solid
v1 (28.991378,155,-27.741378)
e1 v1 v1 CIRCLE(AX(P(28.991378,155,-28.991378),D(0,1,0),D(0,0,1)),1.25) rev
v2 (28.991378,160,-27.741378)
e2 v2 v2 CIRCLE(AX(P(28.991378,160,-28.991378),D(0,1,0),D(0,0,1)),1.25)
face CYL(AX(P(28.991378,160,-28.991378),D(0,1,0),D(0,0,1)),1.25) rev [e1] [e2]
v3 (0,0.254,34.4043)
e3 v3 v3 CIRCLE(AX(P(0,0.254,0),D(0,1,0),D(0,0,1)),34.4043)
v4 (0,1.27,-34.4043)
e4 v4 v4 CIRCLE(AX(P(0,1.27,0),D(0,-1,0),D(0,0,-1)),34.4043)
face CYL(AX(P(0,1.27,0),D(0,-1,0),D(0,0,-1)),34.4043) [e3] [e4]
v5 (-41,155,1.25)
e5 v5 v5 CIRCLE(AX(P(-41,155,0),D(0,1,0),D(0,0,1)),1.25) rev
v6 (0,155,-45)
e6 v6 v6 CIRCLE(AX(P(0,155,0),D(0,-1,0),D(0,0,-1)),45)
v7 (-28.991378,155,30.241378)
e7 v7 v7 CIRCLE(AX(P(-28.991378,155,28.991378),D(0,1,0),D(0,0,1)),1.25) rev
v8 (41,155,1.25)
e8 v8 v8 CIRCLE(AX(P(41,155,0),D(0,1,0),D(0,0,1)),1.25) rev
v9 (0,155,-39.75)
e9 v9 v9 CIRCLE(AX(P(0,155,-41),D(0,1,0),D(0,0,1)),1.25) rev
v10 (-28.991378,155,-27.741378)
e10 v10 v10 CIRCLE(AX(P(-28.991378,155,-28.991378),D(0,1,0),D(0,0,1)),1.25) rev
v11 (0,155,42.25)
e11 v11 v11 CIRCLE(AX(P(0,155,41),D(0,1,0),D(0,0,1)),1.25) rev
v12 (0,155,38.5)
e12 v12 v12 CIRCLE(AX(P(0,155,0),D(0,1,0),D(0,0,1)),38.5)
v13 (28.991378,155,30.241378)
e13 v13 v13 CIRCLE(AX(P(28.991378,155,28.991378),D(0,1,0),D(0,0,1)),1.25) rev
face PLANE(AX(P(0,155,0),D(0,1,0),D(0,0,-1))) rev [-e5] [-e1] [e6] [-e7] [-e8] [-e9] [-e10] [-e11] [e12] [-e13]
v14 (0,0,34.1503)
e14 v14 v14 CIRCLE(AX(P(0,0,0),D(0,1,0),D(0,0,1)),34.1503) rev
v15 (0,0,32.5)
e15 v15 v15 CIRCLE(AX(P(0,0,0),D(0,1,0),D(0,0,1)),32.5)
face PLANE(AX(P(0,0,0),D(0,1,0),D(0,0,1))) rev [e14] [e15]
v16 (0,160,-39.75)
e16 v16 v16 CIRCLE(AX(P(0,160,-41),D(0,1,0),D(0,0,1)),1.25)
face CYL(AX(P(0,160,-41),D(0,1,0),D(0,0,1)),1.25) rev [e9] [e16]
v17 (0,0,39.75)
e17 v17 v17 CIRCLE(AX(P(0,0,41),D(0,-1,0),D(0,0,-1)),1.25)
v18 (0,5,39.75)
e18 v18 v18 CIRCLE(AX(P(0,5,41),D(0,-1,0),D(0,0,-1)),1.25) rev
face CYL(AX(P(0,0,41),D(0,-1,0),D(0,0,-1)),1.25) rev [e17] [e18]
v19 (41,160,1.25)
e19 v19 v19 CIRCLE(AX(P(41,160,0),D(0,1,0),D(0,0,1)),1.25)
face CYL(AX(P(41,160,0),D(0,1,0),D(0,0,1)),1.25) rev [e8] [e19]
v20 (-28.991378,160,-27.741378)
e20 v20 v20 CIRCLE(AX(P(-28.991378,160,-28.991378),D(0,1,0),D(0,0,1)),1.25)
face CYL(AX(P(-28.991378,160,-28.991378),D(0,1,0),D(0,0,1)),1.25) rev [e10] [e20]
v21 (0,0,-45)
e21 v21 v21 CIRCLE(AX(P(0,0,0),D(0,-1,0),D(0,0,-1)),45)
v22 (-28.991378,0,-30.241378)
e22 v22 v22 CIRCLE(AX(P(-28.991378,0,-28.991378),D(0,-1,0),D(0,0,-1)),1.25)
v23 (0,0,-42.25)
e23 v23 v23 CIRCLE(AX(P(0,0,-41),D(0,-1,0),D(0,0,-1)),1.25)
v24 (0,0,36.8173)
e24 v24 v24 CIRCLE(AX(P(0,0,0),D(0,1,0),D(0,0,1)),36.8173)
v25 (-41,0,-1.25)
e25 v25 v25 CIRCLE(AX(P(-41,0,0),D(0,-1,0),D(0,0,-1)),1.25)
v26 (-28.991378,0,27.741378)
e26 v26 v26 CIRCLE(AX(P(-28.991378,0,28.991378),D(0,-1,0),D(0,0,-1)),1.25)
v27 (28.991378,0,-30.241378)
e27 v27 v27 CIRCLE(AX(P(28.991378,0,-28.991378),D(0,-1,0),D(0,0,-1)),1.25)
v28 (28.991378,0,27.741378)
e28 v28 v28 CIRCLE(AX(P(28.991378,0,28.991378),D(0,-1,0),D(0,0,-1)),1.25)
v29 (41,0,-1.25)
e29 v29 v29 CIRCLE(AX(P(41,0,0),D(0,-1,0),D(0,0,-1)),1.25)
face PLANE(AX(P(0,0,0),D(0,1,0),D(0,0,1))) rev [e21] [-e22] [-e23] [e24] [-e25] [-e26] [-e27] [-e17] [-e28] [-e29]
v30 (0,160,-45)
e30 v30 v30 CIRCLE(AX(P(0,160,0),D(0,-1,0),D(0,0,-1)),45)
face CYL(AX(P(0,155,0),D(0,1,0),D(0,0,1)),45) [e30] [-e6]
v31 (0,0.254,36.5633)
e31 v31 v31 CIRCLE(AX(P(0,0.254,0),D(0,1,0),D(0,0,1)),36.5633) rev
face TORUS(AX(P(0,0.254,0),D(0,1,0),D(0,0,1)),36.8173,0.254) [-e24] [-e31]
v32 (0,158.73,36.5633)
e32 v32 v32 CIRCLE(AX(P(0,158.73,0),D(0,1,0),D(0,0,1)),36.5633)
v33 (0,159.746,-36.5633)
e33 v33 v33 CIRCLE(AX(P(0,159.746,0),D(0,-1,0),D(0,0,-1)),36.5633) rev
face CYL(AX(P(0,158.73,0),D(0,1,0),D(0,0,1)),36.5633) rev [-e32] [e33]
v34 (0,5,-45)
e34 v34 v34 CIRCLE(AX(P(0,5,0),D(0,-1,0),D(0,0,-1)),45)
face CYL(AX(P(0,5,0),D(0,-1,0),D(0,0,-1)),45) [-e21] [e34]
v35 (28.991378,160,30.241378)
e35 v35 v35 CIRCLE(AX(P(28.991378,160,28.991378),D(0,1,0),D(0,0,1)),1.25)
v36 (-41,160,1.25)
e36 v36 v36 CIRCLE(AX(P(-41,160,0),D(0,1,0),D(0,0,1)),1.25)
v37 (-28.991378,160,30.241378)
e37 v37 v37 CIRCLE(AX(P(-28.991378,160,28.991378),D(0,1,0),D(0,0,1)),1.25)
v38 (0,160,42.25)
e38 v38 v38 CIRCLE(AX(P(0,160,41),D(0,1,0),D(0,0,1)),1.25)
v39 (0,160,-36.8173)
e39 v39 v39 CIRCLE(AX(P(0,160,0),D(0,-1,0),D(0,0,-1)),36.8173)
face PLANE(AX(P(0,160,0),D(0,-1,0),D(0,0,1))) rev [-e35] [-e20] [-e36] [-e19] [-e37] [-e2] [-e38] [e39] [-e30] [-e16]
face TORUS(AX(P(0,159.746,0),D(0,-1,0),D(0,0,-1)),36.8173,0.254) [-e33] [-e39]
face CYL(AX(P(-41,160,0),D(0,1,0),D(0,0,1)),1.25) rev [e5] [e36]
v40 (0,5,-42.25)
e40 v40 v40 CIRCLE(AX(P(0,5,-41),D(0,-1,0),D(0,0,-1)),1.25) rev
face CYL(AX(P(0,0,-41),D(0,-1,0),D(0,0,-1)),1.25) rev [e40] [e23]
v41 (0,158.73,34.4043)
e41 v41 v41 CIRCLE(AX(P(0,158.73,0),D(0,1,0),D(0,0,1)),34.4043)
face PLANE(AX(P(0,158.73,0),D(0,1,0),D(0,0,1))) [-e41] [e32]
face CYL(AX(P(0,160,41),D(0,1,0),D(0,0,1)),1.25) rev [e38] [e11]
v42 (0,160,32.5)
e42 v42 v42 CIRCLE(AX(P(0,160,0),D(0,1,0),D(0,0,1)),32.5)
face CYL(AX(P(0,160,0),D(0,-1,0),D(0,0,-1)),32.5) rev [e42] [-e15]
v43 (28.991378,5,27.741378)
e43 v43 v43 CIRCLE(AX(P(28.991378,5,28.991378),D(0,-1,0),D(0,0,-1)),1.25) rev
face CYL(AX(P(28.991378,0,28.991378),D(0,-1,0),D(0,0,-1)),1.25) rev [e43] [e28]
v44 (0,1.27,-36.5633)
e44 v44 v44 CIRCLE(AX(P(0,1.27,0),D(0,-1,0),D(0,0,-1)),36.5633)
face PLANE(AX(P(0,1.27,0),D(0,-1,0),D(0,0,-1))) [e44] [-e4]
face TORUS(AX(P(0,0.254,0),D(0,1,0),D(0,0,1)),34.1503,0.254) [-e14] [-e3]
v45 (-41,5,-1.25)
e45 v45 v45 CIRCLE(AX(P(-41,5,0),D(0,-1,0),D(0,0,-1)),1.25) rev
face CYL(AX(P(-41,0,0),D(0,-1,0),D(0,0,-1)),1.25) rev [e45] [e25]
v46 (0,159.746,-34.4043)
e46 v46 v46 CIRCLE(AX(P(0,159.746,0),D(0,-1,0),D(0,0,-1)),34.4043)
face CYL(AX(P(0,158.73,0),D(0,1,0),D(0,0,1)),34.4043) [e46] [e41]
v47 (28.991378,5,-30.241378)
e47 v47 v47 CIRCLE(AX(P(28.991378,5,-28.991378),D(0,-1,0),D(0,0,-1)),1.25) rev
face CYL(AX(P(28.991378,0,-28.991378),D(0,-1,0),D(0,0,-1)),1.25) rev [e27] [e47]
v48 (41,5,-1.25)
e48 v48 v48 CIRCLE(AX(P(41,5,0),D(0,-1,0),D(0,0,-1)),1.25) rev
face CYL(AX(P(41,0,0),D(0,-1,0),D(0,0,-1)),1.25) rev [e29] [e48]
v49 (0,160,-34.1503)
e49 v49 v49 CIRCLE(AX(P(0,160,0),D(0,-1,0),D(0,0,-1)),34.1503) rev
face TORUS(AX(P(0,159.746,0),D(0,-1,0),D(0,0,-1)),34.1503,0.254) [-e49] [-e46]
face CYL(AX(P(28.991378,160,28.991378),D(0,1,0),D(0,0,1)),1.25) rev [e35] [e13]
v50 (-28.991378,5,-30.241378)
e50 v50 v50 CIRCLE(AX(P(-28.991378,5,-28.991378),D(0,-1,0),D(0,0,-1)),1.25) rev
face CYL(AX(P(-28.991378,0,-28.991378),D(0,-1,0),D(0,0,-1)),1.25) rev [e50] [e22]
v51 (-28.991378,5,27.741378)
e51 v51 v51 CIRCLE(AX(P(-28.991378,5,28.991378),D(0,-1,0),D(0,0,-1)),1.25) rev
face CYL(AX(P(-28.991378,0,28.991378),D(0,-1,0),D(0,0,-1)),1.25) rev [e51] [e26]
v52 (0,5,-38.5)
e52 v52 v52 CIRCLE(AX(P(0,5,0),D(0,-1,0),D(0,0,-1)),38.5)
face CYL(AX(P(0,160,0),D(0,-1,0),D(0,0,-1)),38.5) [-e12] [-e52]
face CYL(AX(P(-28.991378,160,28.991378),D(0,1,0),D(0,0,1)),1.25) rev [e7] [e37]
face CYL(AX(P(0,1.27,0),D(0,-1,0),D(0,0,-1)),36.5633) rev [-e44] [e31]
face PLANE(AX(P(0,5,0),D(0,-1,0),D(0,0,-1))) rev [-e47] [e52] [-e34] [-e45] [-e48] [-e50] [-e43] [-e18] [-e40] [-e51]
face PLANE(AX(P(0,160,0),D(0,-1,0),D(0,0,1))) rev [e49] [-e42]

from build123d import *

# Parameters (mm, degrees)
SKETCH3_R             = 38.5
SKETCH3_R_2           = 32.5
BOSS_EXTRUDE3_DEPTH   = 160
SKETCH5_R             = 36.7411
SKETCH5_R_2           = 35.6743
SKETCH5_R_3           = 34.6075
CUT_EXTRUDE1_DEPTH    = 1.4224
SKETCH5_4_R           = 45
SKETCH5_4_R_2         = 38.5
BOSS_EXTRUDE5_DEPTH   = 5
SKETCH7_R             = 1.55
CUT_EXTRUDE2_DEPTH    = 5
CUT_EXTRUDE3_START    = -80
SKETCH9_R             = 38.5
SKETCH9_R_2           = 32.5
CUT_EXTRUDE3_DEPTH    = 80
CUT_EXTRUDE6_START    = -1.4224
SKETCH5_7_R           = 36.7411
SKETCH5_7_R_2         = 35.6743
SKETCH5_7_R_3         = 34.6075
CUT_EXTRUDE6_DEPTH    = 1.4224
SKETCH10_R            = 36.7411
SKETCH10_R_2          = 34.6075
BOSS_EXTRUDE6_DEPTH   = 160
SKETCH11_R            = 36.5633
SKETCH11_R_2          = 34.4043
CUT_EXTRUDE7_DEPTH    = 1.27
CUT_EXTRUDE8_START    = -1.27
SKETCH12_R            = 36.5633
SKETCH12_R_2          = 34.4043
CUT_EXTRUDE8_DEPTH    = 1.27
SKETCH15_R            = 45
SKETCH15_R_2          = 36.5633
BOSS_EXTRUDE7_DEPTH   = 5
BOSS_EXTRUDE8_START   = -5
SKETCH16_R            = 45
SKETCH16_R_2          = 36.5633
BOSS_EXTRUDE8_DEPTH   = 5
FILLET1_R             = 0.254
M3_TAPPED_HOLE2_D     = 2.5
M3_TAPPED_HOLE2_DEPTH = 5
M3_TAPPED_HOLE2_TIP   = 0.751075774
M3_TAPPED_HOLE3_D     = 2.5
M3_TAPPED_HOLE3_DEPTH = 5
M3_TAPPED_HOLE3_TIP   = 0.751075774


with BuildPart() as part:
    # Sketch3 → Boss-Extrude3 (new body)
    with BuildSketch(Plane(origin=(0, 0, 0), x_dir=(1, 0, 0), z_dir=(0, 1, 0))):
        with Locations(Location((0, 0, 0), (0, 0, 270))):
            Circle(SKETCH3_R)
        with Locations(Location((0, 0, 0), (0, 0, 270))):
            Circle(SKETCH3_R_2, mode=Mode.SUBTRACT)
    boss_extrude3 = extrude(amount=BOSS_EXTRUDE3_DEPTH)

    # Sketch5 → Cut-Extrude1 (cut)
    # profile 1 of 2: a face of its own
    with BuildSketch(Plane.XZ):
        with Locations(Location((0, 0, 0), (0, 0, 270))):
            Circle(SKETCH5_R)
        Circle(SKETCH5_R_2, mode=Mode.SUBTRACT)
    # profile 2 of 2: a face of its own
    with BuildSketch(Plane.XZ):
        Circle(SKETCH5_R_2)
        with Locations(Location((0, 0, 0), (0, 0, 270))):
            Circle(SKETCH5_R_3, mode=Mode.SUBTRACT)
    cut_extrude1 = extrude(amount=-CUT_EXTRUDE1_DEPTH, mode=Mode.SUBTRACT)

    # Sketch5<4> → Boss-Extrude5 (add)
    with BuildSketch(Plane.XZ):
        with Locations(Location((0, 0, 0), (0, 0, 270))):
            Circle(SKETCH5_4_R)
        with Locations(Location((0, 0, 0), (0, 0, 270))):
            Circle(SKETCH5_4_R_2, mode=Mode.SUBTRACT)
    boss_extrude5 = extrude(amount=-BOSS_EXTRUDE5_DEPTH)

    # Sketch7 → Cut-Extrude2 (cut)
    with BuildSketch(Plane(origin=(0, 5, 0), x_dir=(1, 0, 0), z_dir=(0, 1, 0))):
        with Locations(Location((0, 41.75, 0), (0, 0, 270))):
            Circle(SKETCH7_R)
        with Locations(Location((29.521708115, 29.521708115, 0), (0, 0, 270))):
            Circle(SKETCH7_R)
        with Locations(Location((41.75, 0, 0), (0, 0, 270))):
            Circle(SKETCH7_R)
        with Locations(Location((29.521708115, -29.521708115, 0), (0, 0, 270))):
            Circle(SKETCH7_R)
        with Locations(Location((0, -41.75, 0), (0, 0, 270))):
            Circle(SKETCH7_R)
        with Locations(Location((-29.521708115, -29.521708115, 0), (0, 0, 270))):
            Circle(SKETCH7_R)
        with Locations(Location((-41.75, 0, 0), (0, 0, 270))):
            Circle(SKETCH7_R)
        with Locations(Location((-29.521708115, 29.521708115, 0), (0, 0, 270))):
            Circle(SKETCH7_R)
    cut_extrude2 = extrude(amount=-CUT_EXTRUDE2_DEPTH, mode=Mode.SUBTRACT)

    # Sketch9 → Cut-Extrude3 (cut)
    with BuildSketch(Plane(origin=(0, 160, 0), x_dir=(1, 0, 0), z_dir=(0, 1, 0)).offset(CUT_EXTRUDE3_START)):
        with Locations(Location((0, 0, 0), (0, 0, 90))):
            Circle(SKETCH9_R)
        with Locations(Location((0, 0, 0), (0, 0, 270))):
            Circle(SKETCH9_R_2, mode=Mode.SUBTRACT)
    extrude(amount=CUT_EXTRUDE3_DEPTH, mode=Mode.SUBTRACT)

    # Mirror7: Boss-Extrude3, Cut-Extrude1, Boss-Extrude5, Cut-Extrude2 across plane
    add(boss_extrude3.mirror(Plane.ZX.offset(80)))
    add(cut_extrude1.mirror(Plane.ZX.offset(80)), mode=Mode.SUBTRACT)
    add(boss_extrude5.mirror(Plane.ZX.offset(80)))
    add(cut_extrude2.mirror(Plane.ZX.offset(80)), mode=Mode.SUBTRACT)

    # Sketch5<7> → Cut-Extrude6 (cut)
    # profile 1 of 2: a face of its own
    with BuildSketch(Plane.XZ.offset(CUT_EXTRUDE6_START)):
        with Locations(Location((0, 0, 0), (0, 0, 270))):
            Circle(SKETCH5_7_R)
        Circle(SKETCH5_7_R_2, mode=Mode.SUBTRACT)
    # profile 2 of 2: a face of its own
    with BuildSketch(Plane.XZ.offset(CUT_EXTRUDE6_START)):
        Circle(SKETCH5_7_R_2)
        with Locations(Location((0, 0, 0), (0, 0, 270))):
            Circle(SKETCH5_7_R_3, mode=Mode.SUBTRACT)
    extrude(amount=CUT_EXTRUDE6_DEPTH, mode=Mode.SUBTRACT)

    # Sketch10 → Boss-Extrude6 (add)
    with BuildSketch(Plane(origin=(0, 160, 0), x_dir=(1, 0, 0), z_dir=(0, 1, 0))):
        Circle(SKETCH10_R)
        Circle(SKETCH10_R_2, mode=Mode.SUBTRACT)
    extrude(amount=-BOSS_EXTRUDE6_DEPTH)

    # Sketch11 → Cut-Extrude7 (cut)
    with BuildSketch(Plane(origin=(0, 160, 0), x_dir=(1, 0, 0), z_dir=(0, 1, 0))):
        with Locations(Location((0, 0, 0), (0, 0, 270))):
            Circle(SKETCH11_R)
        with Locations(Location((0, 0, 0), (0, 0, 270))):
            Circle(SKETCH11_R_2, mode=Mode.SUBTRACT)
    extrude(amount=-CUT_EXTRUDE7_DEPTH, mode=Mode.SUBTRACT)

    # Sketch12 → Cut-Extrude8 (cut)
    with BuildSketch(Plane.XZ.offset(CUT_EXTRUDE8_START)):
        with Locations(Location((0, 0, 0), (0, 0, 90))):
            Circle(SKETCH12_R)
        with Locations(Location((0, 0, 0), (0, 0, 90))):
            Circle(SKETCH12_R_2, mode=Mode.SUBTRACT)
    extrude(amount=CUT_EXTRUDE8_DEPTH, mode=Mode.SUBTRACT)

    # Sketch15 → Boss-Extrude7 (add)
    with BuildSketch(Plane(origin=(0, 160, 0), x_dir=(1, 0, 0), z_dir=(0, 1, 0))):
        with Locations(Location((0, 0, 0), (0, 0, 90))):
            Circle(SKETCH15_R)
        with Locations(Location((0, 0, 0), (0, 0, 270))):
            Circle(SKETCH15_R_2, mode=Mode.SUBTRACT)
    extrude(amount=-BOSS_EXTRUDE7_DEPTH)

    # Sketch16 → Boss-Extrude8 (add)
    with BuildSketch(Plane.XZ.offset(BOSS_EXTRUDE8_START)):
        with Locations(Location((0, 0, 0), (0, 0, 270))):
            Circle(SKETCH16_R)
        with Locations(Location((0, 0, 0), (0, 0, 90))):
            Circle(SKETCH16_R_2, mode=Mode.SUBTRACT)
    extrude(amount=BOSS_EXTRUDE8_DEPTH)

    # Fillet1
    fillet1_edges = [part.edges().sort_by_distance(p)[0] for p in [
        (0, 160, -36.5633),
        (0, 160, -34.4043),
        (0, 0, -36.5633),
        (0, 0, -34.4043),
    ]]
    fillet(fillet1_edges, radius=FILLET1_R)

    # M3 Tapped Hole2
    with Locations(Plane.XZ):
        with Locations((41, 0), (28.991378029, -28.991378029), (0, -41), (-28.991378029, -28.991378029), (-41, 0), (-28.991378029, 28.991378029), (0, 41), (28.991378029, 28.991378029), (0, 0)):
            Hole(M3_TAPPED_HOLE2_D / 2, depth=M3_TAPPED_HOLE2_DEPTH)
            with Locations((0, 0, -(M3_TAPPED_HOLE2_DEPTH + M3_TAPPED_HOLE2_TIP / 2))):  # 118° drill point
                Cone(0, M3_TAPPED_HOLE2_D / 2, M3_TAPPED_HOLE2_TIP, mode=Mode.SUBTRACT)

    # M3 Tapped Hole3
    with Locations(Plane(origin=(0, 160, 0), x_dir=(1, 0, 0), z_dir=(0, 1, 0))):
        with Locations((41, 0), (28.991378029, -28.991378029), (0, -41), (-28.991378029, -28.991378029), (-41, 0), (-28.991378029, 28.991378029), (0, 41), (28.991378029, 28.991378029), (0, 0)):
            Hole(M3_TAPPED_HOLE3_D / 2, depth=M3_TAPPED_HOLE3_DEPTH)
            with Locations((0, 0, -(M3_TAPPED_HOLE3_DEPTH + M3_TAPPED_HOLE3_TIP / 2))):  # 118° drill point
                Cone(0, M3_TAPPED_HOLE3_D / 2, M3_TAPPED_HOLE3_TIP, mode=Mode.SUBTRACT)


solid = part.part
